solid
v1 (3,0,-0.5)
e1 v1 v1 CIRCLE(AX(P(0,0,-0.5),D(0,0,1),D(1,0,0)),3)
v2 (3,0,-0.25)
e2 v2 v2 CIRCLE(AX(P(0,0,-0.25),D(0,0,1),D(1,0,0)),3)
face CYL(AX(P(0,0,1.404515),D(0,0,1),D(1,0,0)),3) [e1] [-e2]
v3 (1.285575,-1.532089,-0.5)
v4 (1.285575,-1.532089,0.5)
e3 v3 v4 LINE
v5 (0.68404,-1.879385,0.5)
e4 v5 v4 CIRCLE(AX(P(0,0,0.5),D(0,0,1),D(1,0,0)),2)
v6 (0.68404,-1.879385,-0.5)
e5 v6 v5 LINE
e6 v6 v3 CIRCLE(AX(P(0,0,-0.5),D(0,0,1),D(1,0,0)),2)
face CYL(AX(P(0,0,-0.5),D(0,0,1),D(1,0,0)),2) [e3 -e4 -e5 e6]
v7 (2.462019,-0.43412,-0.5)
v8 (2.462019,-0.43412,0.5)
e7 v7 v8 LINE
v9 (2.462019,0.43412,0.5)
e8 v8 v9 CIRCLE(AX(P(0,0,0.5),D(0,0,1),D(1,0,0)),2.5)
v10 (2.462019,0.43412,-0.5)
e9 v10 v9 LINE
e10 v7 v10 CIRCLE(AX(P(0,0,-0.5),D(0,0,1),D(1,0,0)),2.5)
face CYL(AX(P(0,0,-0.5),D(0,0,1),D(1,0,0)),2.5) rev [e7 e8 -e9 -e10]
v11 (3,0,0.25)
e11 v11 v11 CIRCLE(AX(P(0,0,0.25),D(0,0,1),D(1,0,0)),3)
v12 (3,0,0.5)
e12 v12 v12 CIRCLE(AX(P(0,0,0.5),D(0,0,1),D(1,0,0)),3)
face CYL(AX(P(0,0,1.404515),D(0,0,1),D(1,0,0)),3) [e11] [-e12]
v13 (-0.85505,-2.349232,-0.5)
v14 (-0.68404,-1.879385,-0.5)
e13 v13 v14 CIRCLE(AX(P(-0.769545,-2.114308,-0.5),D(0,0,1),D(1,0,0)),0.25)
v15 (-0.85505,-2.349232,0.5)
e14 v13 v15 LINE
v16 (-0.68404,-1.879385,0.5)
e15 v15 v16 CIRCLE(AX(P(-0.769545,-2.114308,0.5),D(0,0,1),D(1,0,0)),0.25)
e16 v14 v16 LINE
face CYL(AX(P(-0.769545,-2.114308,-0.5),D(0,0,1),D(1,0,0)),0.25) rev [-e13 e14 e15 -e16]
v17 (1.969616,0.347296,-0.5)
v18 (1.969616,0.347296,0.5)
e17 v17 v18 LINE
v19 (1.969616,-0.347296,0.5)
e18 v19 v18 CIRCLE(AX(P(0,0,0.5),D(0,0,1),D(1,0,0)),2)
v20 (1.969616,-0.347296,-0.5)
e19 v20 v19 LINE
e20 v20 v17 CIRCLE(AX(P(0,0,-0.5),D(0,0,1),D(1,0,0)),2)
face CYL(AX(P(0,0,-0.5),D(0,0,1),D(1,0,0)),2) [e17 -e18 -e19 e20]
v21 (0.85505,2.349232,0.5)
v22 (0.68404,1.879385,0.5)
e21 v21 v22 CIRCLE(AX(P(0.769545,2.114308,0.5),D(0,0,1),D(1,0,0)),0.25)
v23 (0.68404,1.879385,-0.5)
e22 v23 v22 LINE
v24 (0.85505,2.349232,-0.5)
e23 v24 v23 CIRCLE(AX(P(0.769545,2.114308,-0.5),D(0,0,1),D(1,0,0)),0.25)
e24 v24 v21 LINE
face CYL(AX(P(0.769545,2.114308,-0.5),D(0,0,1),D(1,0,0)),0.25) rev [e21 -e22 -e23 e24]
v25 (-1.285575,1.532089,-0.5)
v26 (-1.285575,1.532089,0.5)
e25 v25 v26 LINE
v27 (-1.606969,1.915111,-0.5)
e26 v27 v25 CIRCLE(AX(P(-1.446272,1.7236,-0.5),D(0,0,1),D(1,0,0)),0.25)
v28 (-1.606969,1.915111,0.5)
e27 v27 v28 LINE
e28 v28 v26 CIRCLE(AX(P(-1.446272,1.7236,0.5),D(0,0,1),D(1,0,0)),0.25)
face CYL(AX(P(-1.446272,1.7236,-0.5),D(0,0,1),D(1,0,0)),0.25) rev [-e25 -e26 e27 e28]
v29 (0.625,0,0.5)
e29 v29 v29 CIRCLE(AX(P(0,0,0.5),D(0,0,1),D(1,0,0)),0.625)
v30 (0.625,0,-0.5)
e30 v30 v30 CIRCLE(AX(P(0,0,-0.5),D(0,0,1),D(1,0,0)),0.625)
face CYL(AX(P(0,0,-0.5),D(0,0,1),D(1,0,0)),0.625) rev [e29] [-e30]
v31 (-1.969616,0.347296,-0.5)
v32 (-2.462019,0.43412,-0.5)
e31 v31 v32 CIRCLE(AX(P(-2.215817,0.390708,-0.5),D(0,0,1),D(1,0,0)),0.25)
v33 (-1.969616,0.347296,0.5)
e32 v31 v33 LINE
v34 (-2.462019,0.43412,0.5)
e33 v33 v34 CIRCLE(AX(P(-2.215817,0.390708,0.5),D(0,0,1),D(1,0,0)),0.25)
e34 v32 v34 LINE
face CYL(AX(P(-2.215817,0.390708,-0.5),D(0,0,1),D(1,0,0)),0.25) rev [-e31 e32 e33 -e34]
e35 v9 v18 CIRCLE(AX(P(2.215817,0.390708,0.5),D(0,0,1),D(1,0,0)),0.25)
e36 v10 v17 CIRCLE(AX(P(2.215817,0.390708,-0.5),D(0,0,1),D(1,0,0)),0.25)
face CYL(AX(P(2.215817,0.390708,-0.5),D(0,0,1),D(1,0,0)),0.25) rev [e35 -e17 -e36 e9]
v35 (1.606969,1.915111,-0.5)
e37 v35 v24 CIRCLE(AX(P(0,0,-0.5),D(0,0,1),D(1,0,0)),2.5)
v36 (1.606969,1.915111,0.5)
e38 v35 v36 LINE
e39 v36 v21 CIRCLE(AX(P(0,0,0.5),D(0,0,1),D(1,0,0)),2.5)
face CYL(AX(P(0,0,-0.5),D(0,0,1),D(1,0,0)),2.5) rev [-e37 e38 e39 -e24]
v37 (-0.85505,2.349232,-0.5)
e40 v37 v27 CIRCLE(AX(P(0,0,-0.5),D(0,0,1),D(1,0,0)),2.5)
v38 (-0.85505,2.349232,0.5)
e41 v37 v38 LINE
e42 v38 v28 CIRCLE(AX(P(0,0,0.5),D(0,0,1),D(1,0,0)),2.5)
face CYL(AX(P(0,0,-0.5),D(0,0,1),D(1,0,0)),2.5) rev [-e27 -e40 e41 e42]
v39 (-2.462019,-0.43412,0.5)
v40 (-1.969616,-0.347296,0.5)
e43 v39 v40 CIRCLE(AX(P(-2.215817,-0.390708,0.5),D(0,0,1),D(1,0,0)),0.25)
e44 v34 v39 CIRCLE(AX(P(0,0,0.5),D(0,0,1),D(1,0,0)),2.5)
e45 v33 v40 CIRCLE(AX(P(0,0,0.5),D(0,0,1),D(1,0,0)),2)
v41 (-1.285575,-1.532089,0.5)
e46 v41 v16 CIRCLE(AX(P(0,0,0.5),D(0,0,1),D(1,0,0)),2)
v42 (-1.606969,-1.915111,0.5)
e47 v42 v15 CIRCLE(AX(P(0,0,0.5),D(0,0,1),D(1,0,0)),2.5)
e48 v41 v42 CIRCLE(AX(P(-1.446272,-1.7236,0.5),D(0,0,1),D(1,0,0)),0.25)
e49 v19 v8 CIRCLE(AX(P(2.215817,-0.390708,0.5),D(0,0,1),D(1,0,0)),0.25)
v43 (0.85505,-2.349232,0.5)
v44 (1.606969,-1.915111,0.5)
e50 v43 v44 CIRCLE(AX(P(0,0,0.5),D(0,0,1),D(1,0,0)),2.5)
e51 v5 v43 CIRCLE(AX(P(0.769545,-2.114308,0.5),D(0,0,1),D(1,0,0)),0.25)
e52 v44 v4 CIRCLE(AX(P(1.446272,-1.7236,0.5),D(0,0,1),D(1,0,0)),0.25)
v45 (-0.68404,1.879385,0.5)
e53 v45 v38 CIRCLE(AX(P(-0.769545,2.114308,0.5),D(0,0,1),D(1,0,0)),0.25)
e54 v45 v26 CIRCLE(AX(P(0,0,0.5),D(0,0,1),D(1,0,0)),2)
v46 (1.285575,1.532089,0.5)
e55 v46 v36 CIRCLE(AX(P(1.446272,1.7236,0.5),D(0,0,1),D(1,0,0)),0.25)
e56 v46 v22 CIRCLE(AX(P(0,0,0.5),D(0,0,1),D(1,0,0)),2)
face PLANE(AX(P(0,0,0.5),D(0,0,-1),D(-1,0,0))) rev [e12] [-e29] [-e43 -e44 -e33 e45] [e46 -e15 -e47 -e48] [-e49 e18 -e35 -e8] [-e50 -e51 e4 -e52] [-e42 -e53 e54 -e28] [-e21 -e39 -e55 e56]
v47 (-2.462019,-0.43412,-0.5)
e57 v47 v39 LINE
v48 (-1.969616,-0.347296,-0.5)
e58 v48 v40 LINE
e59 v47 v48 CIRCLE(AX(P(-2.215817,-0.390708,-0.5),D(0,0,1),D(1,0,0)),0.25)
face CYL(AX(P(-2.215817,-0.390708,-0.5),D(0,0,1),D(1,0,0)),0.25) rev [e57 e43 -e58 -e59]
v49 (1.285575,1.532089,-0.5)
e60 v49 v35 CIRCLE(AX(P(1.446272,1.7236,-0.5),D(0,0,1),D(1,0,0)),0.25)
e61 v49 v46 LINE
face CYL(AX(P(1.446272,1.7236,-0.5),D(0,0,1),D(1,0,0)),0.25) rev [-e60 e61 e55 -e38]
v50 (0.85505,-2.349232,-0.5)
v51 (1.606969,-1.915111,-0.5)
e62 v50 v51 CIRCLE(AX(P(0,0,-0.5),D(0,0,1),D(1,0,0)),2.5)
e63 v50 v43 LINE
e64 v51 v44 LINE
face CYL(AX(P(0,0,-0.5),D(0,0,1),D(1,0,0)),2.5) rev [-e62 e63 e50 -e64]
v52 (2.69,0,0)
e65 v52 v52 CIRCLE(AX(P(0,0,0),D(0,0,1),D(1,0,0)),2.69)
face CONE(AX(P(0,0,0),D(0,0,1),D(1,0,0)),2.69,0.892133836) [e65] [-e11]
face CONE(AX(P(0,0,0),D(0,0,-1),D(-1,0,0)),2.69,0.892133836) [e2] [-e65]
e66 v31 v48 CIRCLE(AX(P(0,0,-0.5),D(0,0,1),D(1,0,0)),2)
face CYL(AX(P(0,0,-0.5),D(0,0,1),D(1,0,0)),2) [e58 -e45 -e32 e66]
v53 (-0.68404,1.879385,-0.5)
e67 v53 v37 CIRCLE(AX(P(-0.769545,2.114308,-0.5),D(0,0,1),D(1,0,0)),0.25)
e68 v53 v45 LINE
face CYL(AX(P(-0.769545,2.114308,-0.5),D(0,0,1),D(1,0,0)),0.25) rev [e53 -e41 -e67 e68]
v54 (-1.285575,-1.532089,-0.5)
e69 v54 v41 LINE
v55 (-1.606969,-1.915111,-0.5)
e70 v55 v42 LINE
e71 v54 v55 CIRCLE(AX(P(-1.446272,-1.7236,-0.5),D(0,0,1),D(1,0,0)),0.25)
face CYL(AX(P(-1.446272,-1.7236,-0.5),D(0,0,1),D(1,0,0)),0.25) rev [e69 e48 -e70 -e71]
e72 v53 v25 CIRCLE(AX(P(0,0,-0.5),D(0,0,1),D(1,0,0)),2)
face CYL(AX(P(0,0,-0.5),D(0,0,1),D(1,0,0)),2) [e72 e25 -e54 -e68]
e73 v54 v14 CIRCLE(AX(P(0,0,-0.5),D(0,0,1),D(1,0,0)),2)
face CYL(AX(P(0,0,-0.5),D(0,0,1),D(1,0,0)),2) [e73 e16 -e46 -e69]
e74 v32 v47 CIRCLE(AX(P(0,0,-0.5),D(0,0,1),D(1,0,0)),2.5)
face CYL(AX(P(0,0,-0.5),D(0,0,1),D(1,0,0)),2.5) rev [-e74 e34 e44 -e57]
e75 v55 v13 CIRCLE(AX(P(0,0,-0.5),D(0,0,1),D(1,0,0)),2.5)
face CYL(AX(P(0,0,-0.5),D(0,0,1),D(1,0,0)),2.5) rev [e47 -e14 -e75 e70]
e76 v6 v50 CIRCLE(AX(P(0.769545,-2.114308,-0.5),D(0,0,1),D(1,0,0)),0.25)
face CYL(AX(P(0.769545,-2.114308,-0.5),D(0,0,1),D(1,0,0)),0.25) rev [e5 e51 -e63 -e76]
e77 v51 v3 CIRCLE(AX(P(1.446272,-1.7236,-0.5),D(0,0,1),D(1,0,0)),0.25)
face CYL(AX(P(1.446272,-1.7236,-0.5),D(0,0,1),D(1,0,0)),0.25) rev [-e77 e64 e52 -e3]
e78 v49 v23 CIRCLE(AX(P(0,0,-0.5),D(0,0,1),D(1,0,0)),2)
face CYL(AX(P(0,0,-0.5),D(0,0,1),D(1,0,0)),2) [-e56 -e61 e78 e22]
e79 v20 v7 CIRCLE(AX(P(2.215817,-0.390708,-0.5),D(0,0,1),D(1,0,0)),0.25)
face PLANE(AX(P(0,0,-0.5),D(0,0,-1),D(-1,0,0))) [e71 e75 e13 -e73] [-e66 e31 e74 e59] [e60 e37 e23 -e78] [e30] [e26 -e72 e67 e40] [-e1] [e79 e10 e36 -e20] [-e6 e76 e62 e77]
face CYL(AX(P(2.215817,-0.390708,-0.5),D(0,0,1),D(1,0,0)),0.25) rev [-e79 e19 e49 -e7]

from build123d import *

# Parameters (mm, degrees)
SKETCH1_W          = 0.25
SKETCH1_H          = 3
SKETCH2_R          = 0.625
CUT_EXTRUDE1_DEPTH = 2


with BuildPart() as part:
    # Sketch1 → Revolve2 (revolve)
    with BuildSketch(Plane(origin=(0, 0, 0), x_dir=(0, 0, -1), z_dir=(1, 0, 0))):
        with Locations((-0.375, 1.5)):
            Rectangle(SKETCH1_W, SKETCH1_H)
        Polygon((0.25, 3), (0, 2.69), (-0.25, 3), (-0.25, 0), (0.25, 0), align=None)
        with Locations((0.375, 1.5)):
            Rectangle(SKETCH1_W, SKETCH1_H)
    revolve(axis=Axis((0, 0, 1.404515092), (0, 0, -1)))

    # Sketch2 → Cut-Extrude1 (cut, through all)
    with BuildSketch(Plane.XY.offset(0.5)):
        Circle(SKETCH2_R)
        with BuildLine():
            ThreePointArc((-2.462019383, 0.434120444), (-2.5, 0), (-2.462019383, -0.434120444))
            ThreePointArc((-2.462019383, -0.434120444), (-2.1724054, -0.636910338), (-1.969615506, -0.347296355))
            ThreePointArc((-1.969615506, -0.347296355), (-2, 0), (-1.969615506, 0.347296355))
            ThreePointArc((-1.969615506, 0.347296355), (-2.1724054, 0.636910338), (-2.462019383, 0.434120444))
        make_face()
        with BuildLine():
            ThreePointArc((-0.684040287, 1.879385242), (-1, 1.732050808), (-1.285575219, 1.532088886))
            ThreePointArc((-1.285575219, 1.532088886), (-1.637783233, 1.562903095), (-1.606969024, 1.915111108))
            ThreePointArc((-1.606969024, 1.915111108), (-1.25, 2.165063509), (-0.855050358, 2.349231552))
            ThreePointArc((-0.855050358, 2.349231552), (-0.534622167, 2.199813433), (-0.684040287, 1.879385242))
        make_face()
        with BuildLine():
            ThreePointArc((1.285575219, 1.532088886), (1, 1.732050808), (0.684040287, 1.879385242))
            ThreePointArc((0.684040287, 1.879385242), (0.534622167, 2.199813433), (0.855050358, 2.349231552))
            ThreePointArc((0.855050358, 2.349231552), (1.25, 2.165063509), (1.606969024, 1.915111108))
            ThreePointArc((1.606969024, 1.915111108), (1.637783233, 1.562903095), (1.285575219, 1.532088886))
        make_face()
        with BuildLine():
            ThreePointArc((1.969615506, -0.347296355), (2, 0), (1.969615506, 0.347296355))
            ThreePointArc((1.969615506, 0.347296355), (2.1724054, 0.636910338), (2.462019383, 0.434120444))
            ThreePointArc((2.462019383, 0.434120444), (2.5, 0), (2.462019383, -0.434120444))
            ThreePointArc((2.462019383, -0.434120444), (2.1724054, -0.636910338), (1.969615506, -0.347296355))
        make_face()
        with BuildLine():
            ThreePointArc((0.684040287, -1.879385242), (1, -1.732050808), (1.285575219, -1.532088886))
            ThreePointArc((1.285575219, -1.532088886), (1.637783233, -1.562903095), (1.606969024, -1.915111108))
            ThreePointArc((1.606969024, -1.915111108), (1.25, -2.165063509), (0.855050358, -2.349231552))
            ThreePointArc((0.855050358, -2.349231552), (0.534622167, -2.199813433), (0.684040287, -1.879385242))
        make_face()
        with BuildLine():
            ThreePointArc((-1.285575219, -1.532088886), (-1, -1.732050808), (-0.684040287, -1.879385242))
            ThreePointArc((-0.684040287, -1.879385242), (-0.534622167, -2.199813433), (-0.855050358, -2.349231552))
            ThreePointArc((-0.855050358, -2.349231552), (-1.25, -2.165063509), (-1.606969024, -1.915111108))
            ThreePointArc((-1.606969024, -1.915111108), (-1.637783233, -1.562903095), (-1.285575219, -1.532088886))
        make_face()
    extrude(amount=-CUT_EXTRUDE1_DEPTH, mode=Mode.SUBTRACT)


solid = part.part
